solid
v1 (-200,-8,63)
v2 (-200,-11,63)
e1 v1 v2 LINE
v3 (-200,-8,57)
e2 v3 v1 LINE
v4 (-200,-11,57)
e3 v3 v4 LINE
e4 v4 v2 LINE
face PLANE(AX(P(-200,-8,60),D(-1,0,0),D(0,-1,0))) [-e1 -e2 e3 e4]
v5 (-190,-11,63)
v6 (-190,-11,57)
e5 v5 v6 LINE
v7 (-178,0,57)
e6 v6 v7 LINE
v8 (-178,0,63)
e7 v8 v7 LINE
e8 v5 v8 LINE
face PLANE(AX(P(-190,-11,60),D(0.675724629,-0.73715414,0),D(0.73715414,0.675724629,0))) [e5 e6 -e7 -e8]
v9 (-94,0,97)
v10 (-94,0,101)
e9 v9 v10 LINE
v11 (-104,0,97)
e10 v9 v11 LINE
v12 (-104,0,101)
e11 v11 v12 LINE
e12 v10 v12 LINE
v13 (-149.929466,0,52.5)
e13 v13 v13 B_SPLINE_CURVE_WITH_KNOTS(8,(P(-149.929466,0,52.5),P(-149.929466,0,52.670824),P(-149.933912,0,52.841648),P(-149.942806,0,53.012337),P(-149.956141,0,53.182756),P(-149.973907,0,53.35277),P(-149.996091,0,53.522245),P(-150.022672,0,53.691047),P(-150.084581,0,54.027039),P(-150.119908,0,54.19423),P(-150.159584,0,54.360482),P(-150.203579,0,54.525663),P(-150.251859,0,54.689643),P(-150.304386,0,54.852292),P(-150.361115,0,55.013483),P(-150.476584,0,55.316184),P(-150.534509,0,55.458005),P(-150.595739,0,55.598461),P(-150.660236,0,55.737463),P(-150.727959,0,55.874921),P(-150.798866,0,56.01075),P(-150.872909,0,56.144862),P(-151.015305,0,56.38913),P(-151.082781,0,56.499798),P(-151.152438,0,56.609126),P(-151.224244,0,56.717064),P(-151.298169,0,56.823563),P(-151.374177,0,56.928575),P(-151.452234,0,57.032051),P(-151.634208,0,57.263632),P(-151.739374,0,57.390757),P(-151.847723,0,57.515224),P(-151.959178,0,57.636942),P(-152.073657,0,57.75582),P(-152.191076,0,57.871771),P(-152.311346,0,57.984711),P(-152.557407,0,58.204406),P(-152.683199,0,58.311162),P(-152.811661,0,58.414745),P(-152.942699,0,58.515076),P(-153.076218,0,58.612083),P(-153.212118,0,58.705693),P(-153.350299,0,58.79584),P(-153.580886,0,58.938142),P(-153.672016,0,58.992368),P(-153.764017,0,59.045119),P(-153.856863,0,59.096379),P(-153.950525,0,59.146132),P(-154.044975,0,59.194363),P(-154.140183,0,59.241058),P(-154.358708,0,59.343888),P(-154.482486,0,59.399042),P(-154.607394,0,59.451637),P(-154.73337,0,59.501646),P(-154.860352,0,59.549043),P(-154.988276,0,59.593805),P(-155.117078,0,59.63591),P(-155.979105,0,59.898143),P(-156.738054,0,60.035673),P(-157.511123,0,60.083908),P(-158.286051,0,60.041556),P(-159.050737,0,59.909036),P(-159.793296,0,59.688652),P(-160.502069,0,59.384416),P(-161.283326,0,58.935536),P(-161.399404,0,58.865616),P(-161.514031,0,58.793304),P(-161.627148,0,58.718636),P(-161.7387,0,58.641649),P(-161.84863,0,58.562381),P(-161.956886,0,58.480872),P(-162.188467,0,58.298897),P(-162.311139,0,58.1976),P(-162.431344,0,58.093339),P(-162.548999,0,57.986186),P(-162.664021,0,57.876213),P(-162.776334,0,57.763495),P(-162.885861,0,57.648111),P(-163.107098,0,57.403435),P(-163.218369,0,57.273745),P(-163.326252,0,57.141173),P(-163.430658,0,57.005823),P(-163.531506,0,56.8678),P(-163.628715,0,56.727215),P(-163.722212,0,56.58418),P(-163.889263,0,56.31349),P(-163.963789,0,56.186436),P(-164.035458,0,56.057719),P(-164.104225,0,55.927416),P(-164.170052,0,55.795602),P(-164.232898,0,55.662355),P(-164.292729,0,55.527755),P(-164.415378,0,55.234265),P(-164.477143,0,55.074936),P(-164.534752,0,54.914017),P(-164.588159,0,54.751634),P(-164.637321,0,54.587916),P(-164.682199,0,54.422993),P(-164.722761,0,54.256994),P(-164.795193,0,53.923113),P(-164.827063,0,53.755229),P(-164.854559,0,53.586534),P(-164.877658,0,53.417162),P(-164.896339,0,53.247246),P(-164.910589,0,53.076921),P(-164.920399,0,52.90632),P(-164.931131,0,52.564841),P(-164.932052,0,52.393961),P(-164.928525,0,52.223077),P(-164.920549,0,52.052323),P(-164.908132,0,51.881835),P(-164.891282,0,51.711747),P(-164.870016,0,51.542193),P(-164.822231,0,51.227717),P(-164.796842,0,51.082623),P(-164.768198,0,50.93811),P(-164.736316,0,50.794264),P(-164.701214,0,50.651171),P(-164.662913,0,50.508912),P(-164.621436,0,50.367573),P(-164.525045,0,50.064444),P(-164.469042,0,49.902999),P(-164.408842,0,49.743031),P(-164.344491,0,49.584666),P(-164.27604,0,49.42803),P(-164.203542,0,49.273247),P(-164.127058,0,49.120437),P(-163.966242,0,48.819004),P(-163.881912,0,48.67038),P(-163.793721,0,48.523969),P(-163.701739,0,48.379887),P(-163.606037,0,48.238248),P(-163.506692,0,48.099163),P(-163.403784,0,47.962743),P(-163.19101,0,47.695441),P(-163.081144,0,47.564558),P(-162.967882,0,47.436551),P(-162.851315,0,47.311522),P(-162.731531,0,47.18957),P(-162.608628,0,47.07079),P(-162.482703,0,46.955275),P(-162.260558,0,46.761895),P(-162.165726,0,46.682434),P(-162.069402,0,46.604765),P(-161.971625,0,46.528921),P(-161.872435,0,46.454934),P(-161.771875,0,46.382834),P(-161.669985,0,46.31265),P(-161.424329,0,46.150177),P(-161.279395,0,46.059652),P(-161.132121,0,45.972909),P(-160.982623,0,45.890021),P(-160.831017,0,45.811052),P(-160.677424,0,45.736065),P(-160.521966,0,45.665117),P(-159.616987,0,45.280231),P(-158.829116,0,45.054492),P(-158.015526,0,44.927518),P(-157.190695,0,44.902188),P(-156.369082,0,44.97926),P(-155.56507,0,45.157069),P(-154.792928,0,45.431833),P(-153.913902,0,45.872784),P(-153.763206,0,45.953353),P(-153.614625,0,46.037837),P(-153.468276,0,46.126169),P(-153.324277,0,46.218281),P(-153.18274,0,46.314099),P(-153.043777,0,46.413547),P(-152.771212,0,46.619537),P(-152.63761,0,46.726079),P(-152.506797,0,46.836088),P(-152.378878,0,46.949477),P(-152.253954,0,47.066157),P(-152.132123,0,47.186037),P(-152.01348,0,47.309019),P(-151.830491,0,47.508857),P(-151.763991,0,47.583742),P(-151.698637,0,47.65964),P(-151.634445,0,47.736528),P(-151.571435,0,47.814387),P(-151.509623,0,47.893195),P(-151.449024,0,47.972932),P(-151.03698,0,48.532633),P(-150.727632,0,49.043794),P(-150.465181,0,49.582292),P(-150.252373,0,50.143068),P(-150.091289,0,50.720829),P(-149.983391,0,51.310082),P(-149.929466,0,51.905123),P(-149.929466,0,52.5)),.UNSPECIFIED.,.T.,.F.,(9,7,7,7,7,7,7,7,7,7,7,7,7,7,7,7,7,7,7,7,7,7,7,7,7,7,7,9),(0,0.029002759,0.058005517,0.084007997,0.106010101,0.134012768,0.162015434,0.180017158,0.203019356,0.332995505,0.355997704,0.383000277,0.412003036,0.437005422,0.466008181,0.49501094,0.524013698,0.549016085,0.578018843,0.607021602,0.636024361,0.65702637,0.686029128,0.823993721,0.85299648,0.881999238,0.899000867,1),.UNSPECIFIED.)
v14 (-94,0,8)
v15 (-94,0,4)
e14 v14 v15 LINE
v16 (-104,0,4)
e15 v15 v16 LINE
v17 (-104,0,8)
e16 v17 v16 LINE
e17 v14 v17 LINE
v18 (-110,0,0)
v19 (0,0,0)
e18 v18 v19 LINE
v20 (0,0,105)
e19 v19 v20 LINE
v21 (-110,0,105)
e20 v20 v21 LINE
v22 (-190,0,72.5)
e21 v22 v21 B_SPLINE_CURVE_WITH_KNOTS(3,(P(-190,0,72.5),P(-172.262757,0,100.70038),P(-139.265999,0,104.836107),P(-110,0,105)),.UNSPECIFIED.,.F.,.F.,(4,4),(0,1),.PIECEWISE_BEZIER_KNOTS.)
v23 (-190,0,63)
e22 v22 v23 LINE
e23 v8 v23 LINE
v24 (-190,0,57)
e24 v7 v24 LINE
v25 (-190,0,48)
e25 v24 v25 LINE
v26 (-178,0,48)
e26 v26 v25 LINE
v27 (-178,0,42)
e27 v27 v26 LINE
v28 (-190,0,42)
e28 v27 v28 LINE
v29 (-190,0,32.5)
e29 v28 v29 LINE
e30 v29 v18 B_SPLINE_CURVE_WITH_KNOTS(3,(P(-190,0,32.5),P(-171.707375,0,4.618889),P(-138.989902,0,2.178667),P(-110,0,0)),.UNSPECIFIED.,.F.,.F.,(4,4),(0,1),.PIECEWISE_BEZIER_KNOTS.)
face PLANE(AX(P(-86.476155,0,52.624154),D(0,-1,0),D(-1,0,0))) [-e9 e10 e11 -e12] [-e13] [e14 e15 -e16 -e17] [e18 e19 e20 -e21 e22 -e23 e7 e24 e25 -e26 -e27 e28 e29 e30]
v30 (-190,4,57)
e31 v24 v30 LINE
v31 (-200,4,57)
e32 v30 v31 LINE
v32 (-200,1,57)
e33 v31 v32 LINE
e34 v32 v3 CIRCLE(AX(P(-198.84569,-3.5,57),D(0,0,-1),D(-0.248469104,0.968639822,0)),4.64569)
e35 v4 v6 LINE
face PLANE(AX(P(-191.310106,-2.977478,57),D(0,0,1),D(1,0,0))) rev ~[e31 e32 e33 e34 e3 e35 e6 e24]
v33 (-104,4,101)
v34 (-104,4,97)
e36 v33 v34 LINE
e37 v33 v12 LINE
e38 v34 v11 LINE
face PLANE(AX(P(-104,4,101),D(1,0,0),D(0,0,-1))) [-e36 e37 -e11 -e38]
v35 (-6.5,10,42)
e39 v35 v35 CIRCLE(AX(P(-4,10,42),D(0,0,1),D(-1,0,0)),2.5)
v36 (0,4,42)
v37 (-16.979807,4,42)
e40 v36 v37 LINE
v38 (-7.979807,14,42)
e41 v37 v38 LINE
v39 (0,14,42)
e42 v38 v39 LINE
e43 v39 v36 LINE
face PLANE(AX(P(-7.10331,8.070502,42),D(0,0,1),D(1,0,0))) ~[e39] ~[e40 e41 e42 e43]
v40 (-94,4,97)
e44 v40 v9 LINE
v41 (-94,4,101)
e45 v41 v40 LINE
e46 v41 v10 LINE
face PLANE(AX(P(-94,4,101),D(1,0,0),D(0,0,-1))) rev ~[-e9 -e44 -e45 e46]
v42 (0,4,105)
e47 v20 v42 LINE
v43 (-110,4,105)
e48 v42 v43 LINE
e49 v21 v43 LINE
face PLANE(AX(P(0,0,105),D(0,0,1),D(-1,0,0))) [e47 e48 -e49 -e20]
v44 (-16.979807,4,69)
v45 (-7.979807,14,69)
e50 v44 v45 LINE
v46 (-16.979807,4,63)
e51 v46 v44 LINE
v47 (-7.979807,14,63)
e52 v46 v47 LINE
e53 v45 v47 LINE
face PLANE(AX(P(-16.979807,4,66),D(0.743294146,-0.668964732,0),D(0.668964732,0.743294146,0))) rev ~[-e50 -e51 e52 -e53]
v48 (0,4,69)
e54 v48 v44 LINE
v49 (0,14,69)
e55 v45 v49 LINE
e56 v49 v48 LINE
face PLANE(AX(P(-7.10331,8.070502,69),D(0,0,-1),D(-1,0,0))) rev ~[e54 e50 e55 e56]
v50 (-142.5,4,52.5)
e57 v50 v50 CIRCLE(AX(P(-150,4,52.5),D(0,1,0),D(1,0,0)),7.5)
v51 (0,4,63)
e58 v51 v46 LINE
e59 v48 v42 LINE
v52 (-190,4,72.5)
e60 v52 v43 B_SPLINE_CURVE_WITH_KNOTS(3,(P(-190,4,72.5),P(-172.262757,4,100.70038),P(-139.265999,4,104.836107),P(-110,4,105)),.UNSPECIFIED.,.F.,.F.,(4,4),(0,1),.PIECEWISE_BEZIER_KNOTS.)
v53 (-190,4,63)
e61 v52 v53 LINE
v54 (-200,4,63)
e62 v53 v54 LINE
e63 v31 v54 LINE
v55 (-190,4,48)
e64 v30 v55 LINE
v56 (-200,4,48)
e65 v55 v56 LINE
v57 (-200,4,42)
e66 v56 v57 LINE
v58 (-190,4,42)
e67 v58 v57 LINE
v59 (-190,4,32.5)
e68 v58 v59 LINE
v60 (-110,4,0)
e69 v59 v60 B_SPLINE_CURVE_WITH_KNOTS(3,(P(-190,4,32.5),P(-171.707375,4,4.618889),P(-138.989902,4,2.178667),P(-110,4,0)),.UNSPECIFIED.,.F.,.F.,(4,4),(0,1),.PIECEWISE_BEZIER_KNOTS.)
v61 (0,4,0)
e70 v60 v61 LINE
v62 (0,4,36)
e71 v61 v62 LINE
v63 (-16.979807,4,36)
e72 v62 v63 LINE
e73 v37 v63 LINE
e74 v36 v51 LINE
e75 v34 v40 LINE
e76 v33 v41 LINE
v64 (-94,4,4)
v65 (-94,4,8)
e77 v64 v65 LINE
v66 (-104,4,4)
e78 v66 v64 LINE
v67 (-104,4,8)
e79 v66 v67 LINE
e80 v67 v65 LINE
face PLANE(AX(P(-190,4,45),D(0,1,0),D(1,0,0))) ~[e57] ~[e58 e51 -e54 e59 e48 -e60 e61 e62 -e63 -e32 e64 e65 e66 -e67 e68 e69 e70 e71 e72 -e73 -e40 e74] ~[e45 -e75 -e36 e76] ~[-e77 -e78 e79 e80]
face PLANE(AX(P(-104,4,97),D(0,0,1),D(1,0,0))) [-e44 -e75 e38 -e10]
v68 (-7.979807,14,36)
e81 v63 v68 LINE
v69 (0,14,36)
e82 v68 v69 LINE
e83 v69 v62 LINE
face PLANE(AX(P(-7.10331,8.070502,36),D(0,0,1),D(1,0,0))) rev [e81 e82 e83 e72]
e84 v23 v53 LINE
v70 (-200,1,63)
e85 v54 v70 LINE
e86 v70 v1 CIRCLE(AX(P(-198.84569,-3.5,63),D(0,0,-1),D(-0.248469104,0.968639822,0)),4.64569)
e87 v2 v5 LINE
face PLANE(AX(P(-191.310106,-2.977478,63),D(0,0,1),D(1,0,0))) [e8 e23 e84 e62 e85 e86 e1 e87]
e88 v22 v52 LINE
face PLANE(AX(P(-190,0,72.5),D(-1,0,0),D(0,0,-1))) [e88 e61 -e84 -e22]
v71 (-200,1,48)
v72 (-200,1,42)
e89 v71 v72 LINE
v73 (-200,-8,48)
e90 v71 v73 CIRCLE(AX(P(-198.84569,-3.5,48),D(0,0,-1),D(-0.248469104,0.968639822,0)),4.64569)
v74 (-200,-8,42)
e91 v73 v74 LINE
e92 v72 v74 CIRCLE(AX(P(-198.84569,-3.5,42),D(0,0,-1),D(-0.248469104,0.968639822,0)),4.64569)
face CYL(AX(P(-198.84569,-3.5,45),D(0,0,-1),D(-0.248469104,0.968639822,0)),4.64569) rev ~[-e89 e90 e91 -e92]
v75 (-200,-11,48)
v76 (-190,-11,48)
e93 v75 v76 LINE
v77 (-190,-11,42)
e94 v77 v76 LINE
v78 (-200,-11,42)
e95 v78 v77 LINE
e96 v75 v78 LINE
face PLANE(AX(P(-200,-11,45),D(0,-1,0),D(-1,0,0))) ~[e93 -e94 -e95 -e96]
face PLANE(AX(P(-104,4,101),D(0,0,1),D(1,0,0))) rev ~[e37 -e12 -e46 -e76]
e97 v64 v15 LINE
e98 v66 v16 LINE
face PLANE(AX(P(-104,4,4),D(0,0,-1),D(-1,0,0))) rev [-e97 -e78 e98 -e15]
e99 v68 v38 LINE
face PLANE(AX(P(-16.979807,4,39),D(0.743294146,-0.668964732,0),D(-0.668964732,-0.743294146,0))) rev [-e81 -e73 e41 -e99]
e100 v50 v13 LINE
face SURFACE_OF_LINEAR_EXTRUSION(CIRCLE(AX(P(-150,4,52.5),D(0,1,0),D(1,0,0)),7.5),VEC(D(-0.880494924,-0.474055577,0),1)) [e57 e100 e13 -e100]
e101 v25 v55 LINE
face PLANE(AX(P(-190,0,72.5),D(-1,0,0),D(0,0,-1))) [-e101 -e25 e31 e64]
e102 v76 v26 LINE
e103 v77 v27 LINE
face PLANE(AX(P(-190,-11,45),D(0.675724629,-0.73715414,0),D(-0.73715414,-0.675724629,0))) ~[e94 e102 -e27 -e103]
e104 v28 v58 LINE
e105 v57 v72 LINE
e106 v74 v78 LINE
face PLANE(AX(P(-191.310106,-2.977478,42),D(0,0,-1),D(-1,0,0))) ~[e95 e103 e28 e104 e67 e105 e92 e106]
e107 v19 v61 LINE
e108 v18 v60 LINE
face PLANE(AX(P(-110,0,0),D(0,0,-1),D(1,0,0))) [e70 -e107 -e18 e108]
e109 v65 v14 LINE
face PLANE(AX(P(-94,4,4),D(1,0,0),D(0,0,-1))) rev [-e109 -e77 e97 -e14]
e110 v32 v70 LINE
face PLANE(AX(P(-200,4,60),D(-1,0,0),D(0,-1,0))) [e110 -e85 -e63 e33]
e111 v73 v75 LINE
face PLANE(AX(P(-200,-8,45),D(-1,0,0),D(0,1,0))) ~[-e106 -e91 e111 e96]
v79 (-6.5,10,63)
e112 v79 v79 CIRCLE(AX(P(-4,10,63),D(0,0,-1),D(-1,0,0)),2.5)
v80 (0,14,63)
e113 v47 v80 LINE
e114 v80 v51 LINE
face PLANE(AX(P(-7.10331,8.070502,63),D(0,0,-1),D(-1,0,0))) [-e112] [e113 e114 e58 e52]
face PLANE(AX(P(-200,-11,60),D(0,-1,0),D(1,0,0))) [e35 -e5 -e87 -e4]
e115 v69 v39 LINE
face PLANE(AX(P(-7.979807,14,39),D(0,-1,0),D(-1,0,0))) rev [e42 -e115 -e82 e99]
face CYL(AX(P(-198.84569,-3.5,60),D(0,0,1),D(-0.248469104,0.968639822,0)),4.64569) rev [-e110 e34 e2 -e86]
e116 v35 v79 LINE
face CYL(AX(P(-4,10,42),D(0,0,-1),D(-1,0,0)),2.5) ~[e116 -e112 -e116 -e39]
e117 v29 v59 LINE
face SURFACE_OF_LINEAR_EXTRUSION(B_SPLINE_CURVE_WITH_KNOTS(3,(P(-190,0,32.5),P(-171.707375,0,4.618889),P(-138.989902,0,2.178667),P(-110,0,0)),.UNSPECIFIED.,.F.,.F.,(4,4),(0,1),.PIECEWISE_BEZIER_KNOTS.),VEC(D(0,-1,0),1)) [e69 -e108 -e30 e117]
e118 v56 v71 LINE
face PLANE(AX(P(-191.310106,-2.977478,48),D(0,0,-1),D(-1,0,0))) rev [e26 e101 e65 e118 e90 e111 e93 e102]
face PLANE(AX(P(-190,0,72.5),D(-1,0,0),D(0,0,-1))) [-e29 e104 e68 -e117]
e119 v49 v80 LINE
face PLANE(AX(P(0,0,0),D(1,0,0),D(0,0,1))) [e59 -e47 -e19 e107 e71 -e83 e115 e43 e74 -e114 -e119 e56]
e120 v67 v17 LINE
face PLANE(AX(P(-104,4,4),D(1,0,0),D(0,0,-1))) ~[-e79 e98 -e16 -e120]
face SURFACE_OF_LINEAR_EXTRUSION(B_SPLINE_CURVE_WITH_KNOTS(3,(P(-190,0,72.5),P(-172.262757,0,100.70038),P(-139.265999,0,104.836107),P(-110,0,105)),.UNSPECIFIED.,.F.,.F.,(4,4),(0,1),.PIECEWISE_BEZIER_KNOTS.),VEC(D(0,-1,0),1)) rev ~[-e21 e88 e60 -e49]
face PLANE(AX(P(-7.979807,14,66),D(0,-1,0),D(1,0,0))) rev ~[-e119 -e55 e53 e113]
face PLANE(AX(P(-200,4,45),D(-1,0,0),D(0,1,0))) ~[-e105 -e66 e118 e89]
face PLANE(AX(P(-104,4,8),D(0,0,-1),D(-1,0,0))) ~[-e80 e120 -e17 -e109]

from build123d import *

# Parameters (mm, degrees)
BOSS_EXTRUDE1_DEPTH = 4
BOSS_EXTRUDE2_START = -45
BOSS_EXTRUDE2_DEPTH = 3
BOSS_EXTRUDE3_START = -39
BOSS_EXTRUDE3_DEPTH = 3
BOSS_EXTRUDE4_REACH = 212.155
SKETCH6_R           = 2.5
SKETCH7_W           = 10
SKETCH7_H           = 4
CUT_EXTRUDE1_DEPTH  = 10
SKETCH8_R           = 7.5


with BuildPart() as part:
    # Sketch1 → Boss-Extrude1 (new body)
    with BuildSketch(Plane(origin=(0, 0, 0), x_dir=(1, 0, 0), z_dir=(0, 1, 0))):
        with BuildLine():
            Line((-110, 0), (0, 0))
            Line((0, 0), (0, -105))
            Line((0, -105), (-110, -105))
            add(Edge.make_bspline(
                [(-190, -72.5), (-172.262756658, -100.700379519), (-139.265999107, -104.836107107), (-110, -105)],
                knots=[0, 0, 0, 0, 1, 1, 1, 1], degree=3))
            Line((-190, -72.5), (-190, -32.5))
            add(Edge.make_bspline(
                [(-190, -32.5), (-171.707374586, -4.618888995), (-138.989901699, -2.178666842), (-110, 0)],
                knots=[0, 0, 0, 0, 1, 1, 1, 1], degree=3))
        make_face()
    extrude(amount=BOSS_EXTRUDE1_DEPTH)

    # Sketch2 → Boss-Extrude2 (add, symmetric)
    with BuildSketch(Plane.XY.offset(105).offset(BOSS_EXTRUDE2_START)):
        with BuildLine():
            Line((-190, 4), (-200, 4))
            Line((-200, 4), (-200, 1))
            ThreePointArc((-200, 1), (-194.2, -3.5), (-200, -8))
            Line((-200, -8), (-200, -11))
            Line((-200, -11), (-190, -11))
            Line((-190, -11), (-178, 0))
            Line((-178, 0), (-190, 4))
        make_face()
    boss_extrude2 = extrude(amount=BOSS_EXTRUDE2_DEPTH, both=True)

    # Mirror1: Boss-Extrude2 across plane
    add(boss_extrude2.mirror(Plane.XY.offset(52.5)))

    # Sketch5 → Boss-Extrude3 (add, symmetric)
    with BuildSketch(Plane.XY.offset(105).offset(BOSS_EXTRUDE3_START)):
        Polygon((-16.979807258, 4), (-7.979807258, 14), (0, 14), (0, 4), align=None)
    boss_extrude3 = extrude(amount=BOSS_EXTRUDE3_DEPTH, both=True)

    # Mirror4: Boss-Extrude3 across plane
    add(boss_extrude3.mirror(Plane.XY.offset(52.5)))

    # Sketch6 → Boss-Extrude4 (add, up to next)
    with BuildSketch(Plane.XY.offset(42), mode=Mode.PRIVATE) as boss_extrude4_sk1:
        with Locations(Location((-4, 10, 0), (0, 0, 180))):
            Circle(SKETCH6_R)
    boss_extrude4_tool1 = extrude(boss_extrude4_sk1.sketch, amount=BOSS_EXTRUDE4_REACH, mode=Mode.PRIVATE) - part.part
    add(boss_extrude4_tool1.solids().sort_by_distance((-4, 10, 42))[0])

    # Sketch7 → Cut-Extrude1 (cut)
    with BuildSketch(Plane(origin=(0, 4, 0), x_dir=(1, 0, 0), z_dir=(0, 1, 0))):
        with Locations((-99, -99)):
            Rectangle(SKETCH7_W, SKETCH7_H)
    cut_extrude1 = extrude(amount=-CUT_EXTRUDE1_DEPTH, mode=Mode.SUBTRACT)

    # Mirror5: Cut-Extrude1 across plane
    add(cut_extrude1.mirror(Plane.XY.offset(52.5)), mode=Mode.SUBTRACT)

    # Cut-Sweep1: sweep along a path in Sketch9
    with BuildLine(Plane.XY.offset(52.5)) as cut_sweep1_path:
        Line((-150, 4), (-163.867437875, -3.466183031))
    # Sketch8 → Cut-Sweep1 (sweep, cut)
    with BuildSketch(Plane(origin=(0, 4, 0), x_dir=(1, 0, 0), z_dir=(0, 1, 0))):
        with Locations((-150, -52.5)):
            Circle(SKETCH8_R)
    sweep(path=cut_sweep1_path.line, mode=Mode.SUBTRACT)


solid = part.part
